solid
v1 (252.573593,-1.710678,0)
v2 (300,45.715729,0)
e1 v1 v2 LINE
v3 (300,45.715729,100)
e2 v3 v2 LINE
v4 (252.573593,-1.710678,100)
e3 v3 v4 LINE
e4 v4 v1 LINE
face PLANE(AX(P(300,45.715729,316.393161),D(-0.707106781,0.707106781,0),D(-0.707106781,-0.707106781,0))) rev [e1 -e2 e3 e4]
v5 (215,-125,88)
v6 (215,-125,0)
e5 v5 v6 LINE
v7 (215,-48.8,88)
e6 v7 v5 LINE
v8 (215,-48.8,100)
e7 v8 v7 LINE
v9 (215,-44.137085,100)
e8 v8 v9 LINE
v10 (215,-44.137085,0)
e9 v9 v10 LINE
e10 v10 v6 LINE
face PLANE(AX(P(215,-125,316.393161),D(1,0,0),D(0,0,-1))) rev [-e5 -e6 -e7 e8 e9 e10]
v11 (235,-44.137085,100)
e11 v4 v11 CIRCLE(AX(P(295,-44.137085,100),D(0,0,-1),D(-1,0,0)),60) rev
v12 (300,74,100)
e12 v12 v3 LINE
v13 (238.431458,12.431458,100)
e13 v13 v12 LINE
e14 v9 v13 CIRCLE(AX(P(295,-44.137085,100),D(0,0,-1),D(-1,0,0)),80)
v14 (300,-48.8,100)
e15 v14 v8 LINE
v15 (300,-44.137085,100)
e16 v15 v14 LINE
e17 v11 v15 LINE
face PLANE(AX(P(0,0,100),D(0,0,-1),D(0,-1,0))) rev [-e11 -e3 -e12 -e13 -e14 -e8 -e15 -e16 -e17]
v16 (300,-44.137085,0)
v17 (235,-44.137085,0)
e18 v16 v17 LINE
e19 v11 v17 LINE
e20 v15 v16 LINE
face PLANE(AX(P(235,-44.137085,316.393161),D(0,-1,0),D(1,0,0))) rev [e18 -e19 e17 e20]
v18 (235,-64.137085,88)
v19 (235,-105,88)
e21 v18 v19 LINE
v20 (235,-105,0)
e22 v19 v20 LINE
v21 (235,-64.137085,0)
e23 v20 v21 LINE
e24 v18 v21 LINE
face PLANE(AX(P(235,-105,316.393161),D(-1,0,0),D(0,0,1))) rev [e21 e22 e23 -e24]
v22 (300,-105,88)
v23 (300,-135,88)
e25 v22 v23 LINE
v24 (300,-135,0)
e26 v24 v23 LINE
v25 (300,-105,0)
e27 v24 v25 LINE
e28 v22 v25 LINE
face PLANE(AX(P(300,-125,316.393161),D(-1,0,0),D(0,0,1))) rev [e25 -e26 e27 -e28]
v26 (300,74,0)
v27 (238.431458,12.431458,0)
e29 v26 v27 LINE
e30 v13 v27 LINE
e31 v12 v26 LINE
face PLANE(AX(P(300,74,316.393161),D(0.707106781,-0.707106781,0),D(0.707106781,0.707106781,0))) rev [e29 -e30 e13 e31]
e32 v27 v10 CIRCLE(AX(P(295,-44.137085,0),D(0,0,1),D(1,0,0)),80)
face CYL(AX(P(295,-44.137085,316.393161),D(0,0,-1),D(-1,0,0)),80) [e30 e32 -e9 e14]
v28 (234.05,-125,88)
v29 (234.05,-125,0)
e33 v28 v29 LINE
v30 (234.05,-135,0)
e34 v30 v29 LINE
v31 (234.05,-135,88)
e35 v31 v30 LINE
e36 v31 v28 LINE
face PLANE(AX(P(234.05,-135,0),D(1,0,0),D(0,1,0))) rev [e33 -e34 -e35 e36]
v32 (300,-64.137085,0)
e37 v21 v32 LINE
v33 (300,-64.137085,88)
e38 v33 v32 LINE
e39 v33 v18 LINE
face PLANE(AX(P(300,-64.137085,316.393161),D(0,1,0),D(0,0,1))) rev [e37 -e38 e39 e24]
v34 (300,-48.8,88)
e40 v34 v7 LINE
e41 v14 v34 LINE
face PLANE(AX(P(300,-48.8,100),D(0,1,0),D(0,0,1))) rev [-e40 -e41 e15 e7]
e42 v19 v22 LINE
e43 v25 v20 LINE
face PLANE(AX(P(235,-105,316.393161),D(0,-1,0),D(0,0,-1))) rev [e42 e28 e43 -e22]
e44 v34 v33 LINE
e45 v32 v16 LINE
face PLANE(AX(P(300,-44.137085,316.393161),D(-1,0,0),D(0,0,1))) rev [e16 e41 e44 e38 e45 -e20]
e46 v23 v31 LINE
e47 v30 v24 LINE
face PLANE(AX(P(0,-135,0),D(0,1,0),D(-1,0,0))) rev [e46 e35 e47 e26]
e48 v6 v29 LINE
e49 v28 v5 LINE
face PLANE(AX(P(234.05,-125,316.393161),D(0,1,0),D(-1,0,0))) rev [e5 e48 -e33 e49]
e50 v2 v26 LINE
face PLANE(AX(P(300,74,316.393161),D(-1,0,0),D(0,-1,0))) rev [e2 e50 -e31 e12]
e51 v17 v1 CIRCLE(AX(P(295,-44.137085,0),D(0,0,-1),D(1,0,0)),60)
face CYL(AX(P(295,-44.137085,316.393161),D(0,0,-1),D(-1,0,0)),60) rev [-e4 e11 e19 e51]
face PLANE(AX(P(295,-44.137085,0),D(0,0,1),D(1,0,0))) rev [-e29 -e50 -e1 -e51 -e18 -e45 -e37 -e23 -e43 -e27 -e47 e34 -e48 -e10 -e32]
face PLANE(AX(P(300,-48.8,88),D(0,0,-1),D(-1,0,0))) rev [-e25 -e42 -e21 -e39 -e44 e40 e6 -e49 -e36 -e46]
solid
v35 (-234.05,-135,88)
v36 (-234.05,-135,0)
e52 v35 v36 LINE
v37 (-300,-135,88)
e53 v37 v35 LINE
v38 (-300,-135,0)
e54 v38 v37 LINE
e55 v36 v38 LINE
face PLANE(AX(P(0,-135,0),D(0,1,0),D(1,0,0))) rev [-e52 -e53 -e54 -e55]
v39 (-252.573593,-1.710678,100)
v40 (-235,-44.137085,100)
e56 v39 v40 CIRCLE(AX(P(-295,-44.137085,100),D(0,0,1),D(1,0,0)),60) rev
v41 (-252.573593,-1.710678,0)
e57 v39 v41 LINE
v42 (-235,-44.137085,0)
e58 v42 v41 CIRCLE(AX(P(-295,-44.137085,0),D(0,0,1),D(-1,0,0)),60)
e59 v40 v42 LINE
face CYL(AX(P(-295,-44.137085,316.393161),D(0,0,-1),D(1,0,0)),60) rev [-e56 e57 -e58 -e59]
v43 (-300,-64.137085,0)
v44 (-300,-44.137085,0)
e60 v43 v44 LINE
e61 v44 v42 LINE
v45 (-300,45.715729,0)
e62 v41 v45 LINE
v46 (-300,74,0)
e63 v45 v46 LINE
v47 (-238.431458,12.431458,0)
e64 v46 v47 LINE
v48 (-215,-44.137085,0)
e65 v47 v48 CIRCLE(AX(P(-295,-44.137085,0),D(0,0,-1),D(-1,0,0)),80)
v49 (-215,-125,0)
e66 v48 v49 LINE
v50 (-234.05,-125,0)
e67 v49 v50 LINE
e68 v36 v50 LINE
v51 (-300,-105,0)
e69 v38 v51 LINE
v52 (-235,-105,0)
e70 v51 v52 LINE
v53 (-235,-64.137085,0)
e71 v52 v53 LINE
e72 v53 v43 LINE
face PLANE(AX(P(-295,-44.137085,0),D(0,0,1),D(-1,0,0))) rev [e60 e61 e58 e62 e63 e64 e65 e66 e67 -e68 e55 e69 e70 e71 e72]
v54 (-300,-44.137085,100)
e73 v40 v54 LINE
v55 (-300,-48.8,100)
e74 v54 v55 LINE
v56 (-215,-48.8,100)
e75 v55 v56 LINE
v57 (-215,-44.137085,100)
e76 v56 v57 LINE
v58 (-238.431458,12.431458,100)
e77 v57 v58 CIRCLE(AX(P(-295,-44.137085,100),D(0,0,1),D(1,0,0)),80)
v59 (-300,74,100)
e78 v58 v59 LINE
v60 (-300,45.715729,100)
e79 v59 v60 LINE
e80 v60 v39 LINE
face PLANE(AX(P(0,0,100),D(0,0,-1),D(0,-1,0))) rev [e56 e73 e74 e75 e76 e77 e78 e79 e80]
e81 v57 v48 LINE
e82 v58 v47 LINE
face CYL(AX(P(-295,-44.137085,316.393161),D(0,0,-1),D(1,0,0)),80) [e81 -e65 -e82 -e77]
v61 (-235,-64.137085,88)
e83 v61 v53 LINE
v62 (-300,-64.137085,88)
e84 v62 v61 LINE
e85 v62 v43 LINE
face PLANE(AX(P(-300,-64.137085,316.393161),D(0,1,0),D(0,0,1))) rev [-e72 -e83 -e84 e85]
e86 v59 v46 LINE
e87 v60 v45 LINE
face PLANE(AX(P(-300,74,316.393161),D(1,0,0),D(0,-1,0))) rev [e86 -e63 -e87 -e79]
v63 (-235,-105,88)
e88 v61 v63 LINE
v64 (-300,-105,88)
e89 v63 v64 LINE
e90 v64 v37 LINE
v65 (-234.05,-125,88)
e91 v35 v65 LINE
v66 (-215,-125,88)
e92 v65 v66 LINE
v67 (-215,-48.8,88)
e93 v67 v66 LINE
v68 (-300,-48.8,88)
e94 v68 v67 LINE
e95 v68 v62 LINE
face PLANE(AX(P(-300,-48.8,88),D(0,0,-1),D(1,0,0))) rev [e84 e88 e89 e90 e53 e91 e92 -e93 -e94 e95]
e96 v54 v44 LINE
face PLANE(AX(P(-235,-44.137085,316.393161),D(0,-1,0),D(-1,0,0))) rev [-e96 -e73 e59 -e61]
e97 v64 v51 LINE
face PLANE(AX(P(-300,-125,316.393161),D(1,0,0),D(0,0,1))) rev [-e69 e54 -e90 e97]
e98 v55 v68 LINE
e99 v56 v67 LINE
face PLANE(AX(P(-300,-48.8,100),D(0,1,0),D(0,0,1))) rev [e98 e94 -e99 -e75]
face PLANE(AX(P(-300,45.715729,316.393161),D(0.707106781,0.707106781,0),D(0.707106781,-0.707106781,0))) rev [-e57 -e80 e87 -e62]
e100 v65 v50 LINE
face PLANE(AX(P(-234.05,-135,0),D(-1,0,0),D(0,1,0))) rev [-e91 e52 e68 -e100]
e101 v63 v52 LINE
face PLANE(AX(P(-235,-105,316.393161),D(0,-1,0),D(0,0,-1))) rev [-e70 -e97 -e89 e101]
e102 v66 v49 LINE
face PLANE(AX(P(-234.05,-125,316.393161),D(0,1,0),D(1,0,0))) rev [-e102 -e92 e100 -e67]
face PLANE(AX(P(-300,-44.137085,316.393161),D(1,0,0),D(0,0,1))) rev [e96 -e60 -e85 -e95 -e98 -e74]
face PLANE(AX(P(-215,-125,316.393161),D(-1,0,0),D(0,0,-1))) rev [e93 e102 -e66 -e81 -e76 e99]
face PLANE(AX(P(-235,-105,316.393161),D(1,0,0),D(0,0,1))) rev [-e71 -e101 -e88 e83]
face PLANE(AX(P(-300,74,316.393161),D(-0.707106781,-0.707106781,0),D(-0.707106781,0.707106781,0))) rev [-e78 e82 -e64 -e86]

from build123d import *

# Parameters (mm, degrees)
BOSS_EXTRUDE1_DEPTH = 100
SKETCH2_W           = 12
SKETCH2_H           = 76.2
CUT_EXTRUDE1_DEPTH  = 182.245689604
SKETCH3_W           = 65.95
SKETCH3_H           = 88
BOSS_EXTRUDE2_DEPTH = 10


with BuildPart() as part:
    # Sketch1 → Boss-Extrude1 (new body)
    with BuildSketch(Plane.XY):
        with BuildLine():
            Line((300, 74), (238.431457505, 12.431457505))
            ThreePointArc((238.431457505, 12.431457505), (221.089637399, -13.522410401), (215, -44.13708499))
            Line((215, -44.13708499), (215, -105))
            Line((215, -105), (215, -125))
            Line((215, -125), (234.05, -125))
            Line((234.05, -125), (300, -125))
            Line((300, -125), (300, -105))
            Line((300, -105), (235, -105))
            Line((235, -105), (235, -64.13708499))
            Line((235, -64.13708499), (300, -64.13708499))
            Line((300, -64.13708499), (300, -44.13708499))
            Line((300, -44.13708499), (235, -44.13708499))
            ThreePointArc((235, -44.13708499), (239.567228049, -21.176079048), (252.573593129, -1.710678119))
            Line((252.573593129, -1.710678119), (300, 45.715728753))
            Line((300, 45.715728753), (300, 74))
        make_face()
    extrude(amount=BOSS_EXTRUDE1_DEPTH)

    # Sketch2 → Cut-Extrude1 (cut, through all)
    with BuildSketch(Plane.ZY.offset(-215)):
        with Locations((94, -86.9)):
            Rectangle(SKETCH2_W, SKETCH2_H)
    extrude(amount=-CUT_EXTRUDE1_DEPTH, mode=Mode.SUBTRACT)

    # Sketch3 → Boss-Extrude2 (add)
    with BuildSketch(Plane.XZ.offset(125)):
        with Locations((267.025, 44)):
            Rectangle(SKETCH3_W, SKETCH3_H)
    extrude(amount=BOSS_EXTRUDE2_DEPTH)


with BuildPart() as body_2:
    # Mirror1: mirrored copy
    add(part.part.mirror(Plane(origin=(0, 0, 0), x_dir=(0, 0, 1), z_dir=(1, 0, 0))))


solid = Compound([part.part, body_2.part])
